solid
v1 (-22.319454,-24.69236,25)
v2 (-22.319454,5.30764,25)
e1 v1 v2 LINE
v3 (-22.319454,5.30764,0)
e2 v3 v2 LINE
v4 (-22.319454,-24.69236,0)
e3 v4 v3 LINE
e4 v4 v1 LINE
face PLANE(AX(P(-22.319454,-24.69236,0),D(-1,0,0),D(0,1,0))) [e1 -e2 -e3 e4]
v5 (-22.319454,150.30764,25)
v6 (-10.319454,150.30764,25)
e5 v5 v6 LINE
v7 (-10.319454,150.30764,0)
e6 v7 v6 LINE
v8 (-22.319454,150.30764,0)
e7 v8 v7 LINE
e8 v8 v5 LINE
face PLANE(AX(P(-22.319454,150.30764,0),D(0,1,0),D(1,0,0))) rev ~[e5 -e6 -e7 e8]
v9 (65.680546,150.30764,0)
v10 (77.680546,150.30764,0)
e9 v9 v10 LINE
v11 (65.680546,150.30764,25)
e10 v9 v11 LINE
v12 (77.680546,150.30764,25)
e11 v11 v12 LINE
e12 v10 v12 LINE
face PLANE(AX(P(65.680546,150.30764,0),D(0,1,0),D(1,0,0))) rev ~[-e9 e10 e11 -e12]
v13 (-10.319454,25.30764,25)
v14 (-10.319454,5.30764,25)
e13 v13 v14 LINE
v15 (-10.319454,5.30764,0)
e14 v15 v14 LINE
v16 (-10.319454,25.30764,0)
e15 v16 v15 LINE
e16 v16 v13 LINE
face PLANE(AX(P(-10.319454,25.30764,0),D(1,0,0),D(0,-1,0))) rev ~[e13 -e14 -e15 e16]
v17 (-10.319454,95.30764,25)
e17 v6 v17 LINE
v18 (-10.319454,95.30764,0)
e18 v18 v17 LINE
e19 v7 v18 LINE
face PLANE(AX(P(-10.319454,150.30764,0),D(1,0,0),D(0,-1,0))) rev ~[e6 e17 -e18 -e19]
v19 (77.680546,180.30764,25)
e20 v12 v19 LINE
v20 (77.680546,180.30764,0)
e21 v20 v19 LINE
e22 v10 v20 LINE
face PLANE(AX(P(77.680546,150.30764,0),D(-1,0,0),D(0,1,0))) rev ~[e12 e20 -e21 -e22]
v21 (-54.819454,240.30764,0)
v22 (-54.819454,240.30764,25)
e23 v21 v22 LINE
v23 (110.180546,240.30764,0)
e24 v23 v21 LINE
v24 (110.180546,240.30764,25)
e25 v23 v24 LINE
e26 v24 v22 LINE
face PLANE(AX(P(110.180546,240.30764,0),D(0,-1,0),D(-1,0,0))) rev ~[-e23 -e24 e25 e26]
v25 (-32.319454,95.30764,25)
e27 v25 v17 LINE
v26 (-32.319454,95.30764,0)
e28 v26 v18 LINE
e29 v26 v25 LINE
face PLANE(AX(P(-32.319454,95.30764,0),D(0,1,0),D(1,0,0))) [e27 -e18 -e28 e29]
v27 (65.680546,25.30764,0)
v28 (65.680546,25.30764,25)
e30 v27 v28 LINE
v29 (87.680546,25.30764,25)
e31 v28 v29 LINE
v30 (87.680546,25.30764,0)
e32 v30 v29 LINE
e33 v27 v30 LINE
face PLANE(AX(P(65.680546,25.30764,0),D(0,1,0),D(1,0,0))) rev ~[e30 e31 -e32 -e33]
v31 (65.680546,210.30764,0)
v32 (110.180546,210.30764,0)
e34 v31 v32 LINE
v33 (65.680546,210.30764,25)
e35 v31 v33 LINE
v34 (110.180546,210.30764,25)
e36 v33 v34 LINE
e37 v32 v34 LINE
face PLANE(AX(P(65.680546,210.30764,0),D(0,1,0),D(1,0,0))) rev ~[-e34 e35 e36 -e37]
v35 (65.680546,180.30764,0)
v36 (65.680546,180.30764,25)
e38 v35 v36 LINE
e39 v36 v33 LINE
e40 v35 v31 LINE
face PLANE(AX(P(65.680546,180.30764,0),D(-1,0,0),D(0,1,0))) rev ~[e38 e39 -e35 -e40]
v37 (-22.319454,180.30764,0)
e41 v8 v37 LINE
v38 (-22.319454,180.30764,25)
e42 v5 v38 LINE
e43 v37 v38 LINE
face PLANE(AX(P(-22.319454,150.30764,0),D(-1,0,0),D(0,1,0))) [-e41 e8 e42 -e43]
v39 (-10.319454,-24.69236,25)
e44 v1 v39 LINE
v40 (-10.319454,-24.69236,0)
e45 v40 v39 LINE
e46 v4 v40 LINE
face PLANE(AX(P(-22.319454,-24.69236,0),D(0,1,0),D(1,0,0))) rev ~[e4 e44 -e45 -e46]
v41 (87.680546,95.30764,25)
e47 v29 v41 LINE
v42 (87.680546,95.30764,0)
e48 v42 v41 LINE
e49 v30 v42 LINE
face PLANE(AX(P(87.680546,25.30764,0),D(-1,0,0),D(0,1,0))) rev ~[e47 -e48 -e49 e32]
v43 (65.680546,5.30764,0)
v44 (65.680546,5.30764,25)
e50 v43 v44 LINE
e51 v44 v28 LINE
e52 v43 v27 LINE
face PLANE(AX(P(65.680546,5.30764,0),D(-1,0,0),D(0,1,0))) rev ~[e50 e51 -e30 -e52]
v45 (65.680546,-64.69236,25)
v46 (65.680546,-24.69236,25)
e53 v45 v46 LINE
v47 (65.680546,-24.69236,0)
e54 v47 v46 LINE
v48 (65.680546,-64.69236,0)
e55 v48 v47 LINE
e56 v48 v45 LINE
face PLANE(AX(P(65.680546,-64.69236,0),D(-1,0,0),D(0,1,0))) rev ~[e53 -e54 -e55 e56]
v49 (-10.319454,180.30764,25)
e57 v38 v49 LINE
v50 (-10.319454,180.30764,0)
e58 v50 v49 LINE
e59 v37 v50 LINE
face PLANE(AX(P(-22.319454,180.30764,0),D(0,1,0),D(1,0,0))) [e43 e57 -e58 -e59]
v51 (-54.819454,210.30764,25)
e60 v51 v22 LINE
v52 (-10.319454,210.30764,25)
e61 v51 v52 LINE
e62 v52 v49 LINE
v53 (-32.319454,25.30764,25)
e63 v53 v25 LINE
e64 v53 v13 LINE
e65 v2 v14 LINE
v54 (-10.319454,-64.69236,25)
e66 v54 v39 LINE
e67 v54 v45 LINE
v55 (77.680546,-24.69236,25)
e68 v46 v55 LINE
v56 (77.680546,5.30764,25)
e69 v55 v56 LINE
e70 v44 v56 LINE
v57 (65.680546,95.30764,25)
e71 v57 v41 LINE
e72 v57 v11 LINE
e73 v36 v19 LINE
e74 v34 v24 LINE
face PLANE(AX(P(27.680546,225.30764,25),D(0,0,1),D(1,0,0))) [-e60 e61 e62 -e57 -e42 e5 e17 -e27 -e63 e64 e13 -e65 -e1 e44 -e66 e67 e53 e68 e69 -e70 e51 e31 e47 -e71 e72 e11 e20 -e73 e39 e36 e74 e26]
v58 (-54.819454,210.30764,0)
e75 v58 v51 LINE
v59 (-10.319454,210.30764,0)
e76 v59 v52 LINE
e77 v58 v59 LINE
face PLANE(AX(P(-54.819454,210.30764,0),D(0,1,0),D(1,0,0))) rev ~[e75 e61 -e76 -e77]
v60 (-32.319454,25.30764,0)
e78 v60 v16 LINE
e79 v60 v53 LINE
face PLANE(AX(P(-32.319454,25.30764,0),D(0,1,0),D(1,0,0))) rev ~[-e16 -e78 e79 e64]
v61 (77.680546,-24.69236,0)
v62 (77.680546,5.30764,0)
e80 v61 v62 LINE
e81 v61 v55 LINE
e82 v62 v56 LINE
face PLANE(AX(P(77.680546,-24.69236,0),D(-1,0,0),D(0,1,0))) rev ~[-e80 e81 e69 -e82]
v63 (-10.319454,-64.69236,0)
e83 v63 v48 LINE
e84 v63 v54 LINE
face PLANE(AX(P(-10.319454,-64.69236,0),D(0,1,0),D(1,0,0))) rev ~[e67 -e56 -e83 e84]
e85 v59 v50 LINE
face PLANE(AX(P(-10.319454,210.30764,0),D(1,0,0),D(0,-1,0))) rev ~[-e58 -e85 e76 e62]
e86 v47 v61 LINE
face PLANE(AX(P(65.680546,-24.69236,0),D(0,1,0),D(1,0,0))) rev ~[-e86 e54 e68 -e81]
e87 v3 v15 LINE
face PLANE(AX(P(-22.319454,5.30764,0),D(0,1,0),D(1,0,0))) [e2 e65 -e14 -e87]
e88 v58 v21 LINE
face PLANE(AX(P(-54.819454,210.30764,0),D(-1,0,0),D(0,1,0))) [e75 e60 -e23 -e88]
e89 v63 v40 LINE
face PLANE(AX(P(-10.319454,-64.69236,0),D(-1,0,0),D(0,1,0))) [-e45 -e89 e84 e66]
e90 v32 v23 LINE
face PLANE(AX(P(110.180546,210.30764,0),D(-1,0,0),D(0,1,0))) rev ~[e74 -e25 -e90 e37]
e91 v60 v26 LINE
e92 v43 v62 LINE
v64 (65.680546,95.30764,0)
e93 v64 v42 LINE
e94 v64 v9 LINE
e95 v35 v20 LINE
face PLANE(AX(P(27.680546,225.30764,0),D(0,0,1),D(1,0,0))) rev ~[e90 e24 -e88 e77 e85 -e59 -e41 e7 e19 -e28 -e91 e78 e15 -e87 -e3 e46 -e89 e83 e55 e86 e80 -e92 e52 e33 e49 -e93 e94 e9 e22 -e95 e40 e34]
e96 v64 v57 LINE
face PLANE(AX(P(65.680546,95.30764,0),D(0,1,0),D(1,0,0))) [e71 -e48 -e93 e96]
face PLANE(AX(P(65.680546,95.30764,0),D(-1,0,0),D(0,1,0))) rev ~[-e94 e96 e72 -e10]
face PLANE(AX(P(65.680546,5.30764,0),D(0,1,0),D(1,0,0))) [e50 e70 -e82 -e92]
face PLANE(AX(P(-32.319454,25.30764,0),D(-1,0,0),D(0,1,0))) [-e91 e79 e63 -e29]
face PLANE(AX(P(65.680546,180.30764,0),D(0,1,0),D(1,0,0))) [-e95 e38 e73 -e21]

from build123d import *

# Parameters (mm, degrees)
F0_W     = 76
F0_H     = 30
F0_W_2   = 44.5
F0_W_3   = 12
F0_H_2   = 55
F0_H_3   = 70
F0_W_4   = 22
F0_H_4   = 20
F0_H_5   = 40
F1_DEPTH = 25


with BuildPart() as f1:
    # F0 (on Top) → F1 (new body)
    with BuildSketch(Plane.XY):
        with Locations((27.6805464923, 225.3076396883)):
            Rectangle(F0_W, F0_H)
        with Locations((-32.5694535077, 225.3076396883)):
            Rectangle(F0_W_2, F0_H)
        with Locations((87.9305464923, 225.3076396883)):
            Rectangle(F0_W_2, F0_H)
        with Locations((27.6805464923, 195.3076396883)):
            Rectangle(F0_W, F0_H)
        with Locations((27.6805464923, 165.3076396883)):
            Rectangle(F0_W, F0_H)
        with Locations((-16.3194535077, 165.3076396883)):
            Rectangle(F0_W_3, F0_H)
        with Locations((71.6805464923, 165.3076396883)):
            Rectangle(F0_W_3, F0_H)
        with Locations((27.6805464923, 122.8076396883)):
            Rectangle(F0_W, F0_H_2)
        with Locations((27.6805464923, 60.3076396883)):
            Rectangle(F0_W, F0_H_3)
        with Locations((-21.3194535077, 60.3076396883)):
            Rectangle(F0_W_4, F0_H_3)
        with Locations((76.6805464923, 60.3076396883)):
            Rectangle(F0_W_4, F0_H_3)
        with Locations((27.6805464923, 15.3076396883)):
            Rectangle(F0_W, F0_H_4)
        with Locations((27.6805464923, -9.6923603117)):
            Rectangle(F0_W, F0_H)
        with Locations((-16.3194535077, -9.6923603117)):
            Rectangle(F0_W_3, F0_H)
        with Locations((71.6805464923, -9.6923603117)):
            Rectangle(F0_W_3, F0_H)
        with Locations((27.6805464923, -44.6923603117)):
            Rectangle(F0_W, F0_H_5)
    extrude(amount=F1_DEPTH)


solid = f1.part
